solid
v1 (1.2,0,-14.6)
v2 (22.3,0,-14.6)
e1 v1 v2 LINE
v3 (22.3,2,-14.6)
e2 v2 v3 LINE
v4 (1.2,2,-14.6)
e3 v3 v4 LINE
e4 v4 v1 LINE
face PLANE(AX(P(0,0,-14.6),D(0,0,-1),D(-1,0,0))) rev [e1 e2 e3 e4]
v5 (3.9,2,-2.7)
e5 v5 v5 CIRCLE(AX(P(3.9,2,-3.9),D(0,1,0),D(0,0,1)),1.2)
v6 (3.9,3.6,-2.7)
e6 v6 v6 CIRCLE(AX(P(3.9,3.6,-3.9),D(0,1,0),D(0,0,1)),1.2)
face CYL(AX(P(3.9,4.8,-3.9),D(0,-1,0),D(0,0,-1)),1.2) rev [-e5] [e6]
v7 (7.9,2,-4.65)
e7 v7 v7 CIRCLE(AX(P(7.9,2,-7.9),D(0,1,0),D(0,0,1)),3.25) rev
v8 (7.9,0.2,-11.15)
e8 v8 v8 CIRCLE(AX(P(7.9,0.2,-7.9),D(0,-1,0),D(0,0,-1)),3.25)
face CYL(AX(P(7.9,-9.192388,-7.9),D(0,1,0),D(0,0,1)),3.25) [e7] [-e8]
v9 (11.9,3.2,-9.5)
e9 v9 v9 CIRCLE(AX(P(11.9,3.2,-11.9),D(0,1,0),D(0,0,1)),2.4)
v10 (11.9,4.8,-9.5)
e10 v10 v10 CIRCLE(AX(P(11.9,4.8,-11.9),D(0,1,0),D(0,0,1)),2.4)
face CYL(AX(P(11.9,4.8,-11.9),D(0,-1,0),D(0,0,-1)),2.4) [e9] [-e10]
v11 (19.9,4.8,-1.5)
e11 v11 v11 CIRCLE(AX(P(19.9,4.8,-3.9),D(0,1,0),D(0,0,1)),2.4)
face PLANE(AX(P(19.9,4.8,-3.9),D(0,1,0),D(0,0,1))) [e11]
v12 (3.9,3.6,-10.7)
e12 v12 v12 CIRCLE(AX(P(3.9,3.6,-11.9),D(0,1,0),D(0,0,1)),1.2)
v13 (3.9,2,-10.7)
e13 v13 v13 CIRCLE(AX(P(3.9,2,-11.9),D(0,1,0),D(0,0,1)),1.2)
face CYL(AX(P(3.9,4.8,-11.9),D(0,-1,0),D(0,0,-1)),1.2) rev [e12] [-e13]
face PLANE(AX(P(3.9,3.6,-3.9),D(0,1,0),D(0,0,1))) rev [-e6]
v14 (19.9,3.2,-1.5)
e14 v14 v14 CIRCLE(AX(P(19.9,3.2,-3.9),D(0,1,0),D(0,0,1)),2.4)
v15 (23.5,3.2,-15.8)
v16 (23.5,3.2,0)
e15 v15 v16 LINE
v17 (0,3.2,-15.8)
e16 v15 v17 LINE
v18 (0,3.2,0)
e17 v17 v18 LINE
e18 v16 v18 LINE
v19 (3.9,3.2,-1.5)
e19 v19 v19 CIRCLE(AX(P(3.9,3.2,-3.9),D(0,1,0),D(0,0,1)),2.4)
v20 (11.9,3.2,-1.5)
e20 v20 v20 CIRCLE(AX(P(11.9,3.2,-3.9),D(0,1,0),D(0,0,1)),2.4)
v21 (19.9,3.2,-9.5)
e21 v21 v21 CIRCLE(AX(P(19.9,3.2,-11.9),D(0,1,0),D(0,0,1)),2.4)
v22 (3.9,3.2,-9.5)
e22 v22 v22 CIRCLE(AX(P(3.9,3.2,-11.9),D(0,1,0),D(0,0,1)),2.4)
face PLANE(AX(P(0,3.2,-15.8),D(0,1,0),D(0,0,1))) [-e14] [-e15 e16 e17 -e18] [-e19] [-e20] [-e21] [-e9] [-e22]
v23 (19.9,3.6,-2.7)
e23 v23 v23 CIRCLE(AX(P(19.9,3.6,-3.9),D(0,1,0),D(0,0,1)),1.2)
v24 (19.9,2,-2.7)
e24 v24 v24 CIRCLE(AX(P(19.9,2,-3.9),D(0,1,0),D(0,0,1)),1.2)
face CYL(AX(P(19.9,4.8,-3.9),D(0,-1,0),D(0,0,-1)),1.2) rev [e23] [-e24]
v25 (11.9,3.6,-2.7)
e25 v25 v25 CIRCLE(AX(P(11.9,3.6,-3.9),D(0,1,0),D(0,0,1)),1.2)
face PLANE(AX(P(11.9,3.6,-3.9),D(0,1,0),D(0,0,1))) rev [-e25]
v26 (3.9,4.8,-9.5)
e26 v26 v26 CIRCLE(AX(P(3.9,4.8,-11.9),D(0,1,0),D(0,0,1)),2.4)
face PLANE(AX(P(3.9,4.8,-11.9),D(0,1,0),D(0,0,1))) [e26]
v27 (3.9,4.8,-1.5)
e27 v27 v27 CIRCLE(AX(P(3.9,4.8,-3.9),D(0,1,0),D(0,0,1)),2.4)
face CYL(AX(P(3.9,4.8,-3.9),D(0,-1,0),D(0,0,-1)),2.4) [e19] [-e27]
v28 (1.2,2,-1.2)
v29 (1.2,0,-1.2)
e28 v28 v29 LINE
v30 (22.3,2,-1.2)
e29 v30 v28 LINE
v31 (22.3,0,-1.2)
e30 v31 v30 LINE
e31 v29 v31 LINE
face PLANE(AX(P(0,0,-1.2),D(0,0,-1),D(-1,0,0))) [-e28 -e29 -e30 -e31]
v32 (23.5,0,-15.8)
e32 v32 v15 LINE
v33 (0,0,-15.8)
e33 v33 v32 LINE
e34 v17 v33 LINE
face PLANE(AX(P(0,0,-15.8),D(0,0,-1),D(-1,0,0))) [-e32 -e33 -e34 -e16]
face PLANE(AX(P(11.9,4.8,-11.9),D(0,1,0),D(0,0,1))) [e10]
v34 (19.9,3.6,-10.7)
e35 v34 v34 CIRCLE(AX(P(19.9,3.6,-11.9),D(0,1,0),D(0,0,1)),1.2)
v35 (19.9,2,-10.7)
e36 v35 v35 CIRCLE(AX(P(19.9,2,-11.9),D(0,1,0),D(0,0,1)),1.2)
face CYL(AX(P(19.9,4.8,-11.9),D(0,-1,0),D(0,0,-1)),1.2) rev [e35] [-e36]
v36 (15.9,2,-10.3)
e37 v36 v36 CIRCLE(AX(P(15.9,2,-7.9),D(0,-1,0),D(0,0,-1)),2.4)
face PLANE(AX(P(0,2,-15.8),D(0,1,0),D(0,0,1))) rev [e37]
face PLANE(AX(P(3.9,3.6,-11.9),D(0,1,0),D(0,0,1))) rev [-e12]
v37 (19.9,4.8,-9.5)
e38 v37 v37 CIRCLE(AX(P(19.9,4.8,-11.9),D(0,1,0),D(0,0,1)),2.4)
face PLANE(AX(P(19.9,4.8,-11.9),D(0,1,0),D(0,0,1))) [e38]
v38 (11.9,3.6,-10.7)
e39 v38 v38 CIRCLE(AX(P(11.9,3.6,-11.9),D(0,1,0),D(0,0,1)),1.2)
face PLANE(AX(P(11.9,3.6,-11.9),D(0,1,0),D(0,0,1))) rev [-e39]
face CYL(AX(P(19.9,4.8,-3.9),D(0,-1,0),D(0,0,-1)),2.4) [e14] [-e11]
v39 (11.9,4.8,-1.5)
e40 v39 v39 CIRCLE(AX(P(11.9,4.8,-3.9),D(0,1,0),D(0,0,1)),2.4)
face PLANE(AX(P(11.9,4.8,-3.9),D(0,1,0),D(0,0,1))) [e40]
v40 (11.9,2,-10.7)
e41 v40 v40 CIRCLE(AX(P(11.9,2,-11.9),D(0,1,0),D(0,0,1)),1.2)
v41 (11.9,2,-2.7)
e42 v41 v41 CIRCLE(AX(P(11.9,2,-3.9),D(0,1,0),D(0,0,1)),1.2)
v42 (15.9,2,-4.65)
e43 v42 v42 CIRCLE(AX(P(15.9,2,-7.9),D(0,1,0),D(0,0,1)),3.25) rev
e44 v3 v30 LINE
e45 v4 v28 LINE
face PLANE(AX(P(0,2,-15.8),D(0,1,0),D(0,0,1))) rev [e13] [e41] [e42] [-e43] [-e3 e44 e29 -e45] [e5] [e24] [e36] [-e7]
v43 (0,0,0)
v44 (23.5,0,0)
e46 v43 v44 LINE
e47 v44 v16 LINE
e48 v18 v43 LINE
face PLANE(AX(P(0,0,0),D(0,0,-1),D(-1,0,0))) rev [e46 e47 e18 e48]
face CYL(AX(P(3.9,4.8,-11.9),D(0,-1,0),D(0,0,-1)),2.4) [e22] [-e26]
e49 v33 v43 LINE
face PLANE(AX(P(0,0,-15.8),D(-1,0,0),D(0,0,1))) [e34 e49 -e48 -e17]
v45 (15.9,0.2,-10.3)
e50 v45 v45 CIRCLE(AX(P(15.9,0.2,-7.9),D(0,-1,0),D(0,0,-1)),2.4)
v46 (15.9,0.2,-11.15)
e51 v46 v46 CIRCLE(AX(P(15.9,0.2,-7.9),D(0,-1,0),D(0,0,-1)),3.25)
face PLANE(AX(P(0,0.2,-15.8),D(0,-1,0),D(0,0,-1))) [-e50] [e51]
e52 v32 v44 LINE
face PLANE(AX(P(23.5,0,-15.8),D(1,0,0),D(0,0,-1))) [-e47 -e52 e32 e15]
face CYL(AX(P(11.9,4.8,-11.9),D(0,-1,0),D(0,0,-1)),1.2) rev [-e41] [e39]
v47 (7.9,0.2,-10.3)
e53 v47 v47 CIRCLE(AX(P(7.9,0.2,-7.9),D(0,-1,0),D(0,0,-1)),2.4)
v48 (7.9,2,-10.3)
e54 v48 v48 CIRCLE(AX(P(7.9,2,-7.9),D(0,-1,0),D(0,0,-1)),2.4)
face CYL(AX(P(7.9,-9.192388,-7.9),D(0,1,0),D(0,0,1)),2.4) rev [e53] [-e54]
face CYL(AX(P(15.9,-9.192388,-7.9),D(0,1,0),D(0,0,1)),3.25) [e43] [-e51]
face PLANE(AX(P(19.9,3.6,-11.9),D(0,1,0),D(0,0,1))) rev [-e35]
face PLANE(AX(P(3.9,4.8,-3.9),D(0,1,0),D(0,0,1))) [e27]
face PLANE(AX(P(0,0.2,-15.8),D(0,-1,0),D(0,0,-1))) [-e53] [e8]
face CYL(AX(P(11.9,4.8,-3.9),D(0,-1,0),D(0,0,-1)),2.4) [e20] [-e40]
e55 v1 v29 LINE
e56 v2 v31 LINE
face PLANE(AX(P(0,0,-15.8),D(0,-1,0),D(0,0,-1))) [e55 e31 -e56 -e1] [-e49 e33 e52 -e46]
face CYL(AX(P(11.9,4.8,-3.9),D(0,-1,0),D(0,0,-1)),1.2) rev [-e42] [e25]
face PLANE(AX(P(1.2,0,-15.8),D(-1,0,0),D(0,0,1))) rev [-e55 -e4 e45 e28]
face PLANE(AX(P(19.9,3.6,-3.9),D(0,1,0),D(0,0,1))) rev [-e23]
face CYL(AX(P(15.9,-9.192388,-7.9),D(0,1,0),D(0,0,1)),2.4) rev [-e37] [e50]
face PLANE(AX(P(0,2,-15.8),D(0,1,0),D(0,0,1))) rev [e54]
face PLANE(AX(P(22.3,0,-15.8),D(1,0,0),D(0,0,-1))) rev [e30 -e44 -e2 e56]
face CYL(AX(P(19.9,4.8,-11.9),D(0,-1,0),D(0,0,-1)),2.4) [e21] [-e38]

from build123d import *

# Parameters (mm, degrees)
SKETCH1_W            = 23.5
SKETCH1_H            = 3.2
BOSS_EXTRUDE1_DEPTH  = 15.8
SKETCH2_R            = 2.4
BOSS_EXTRUDE2_DEPTH  = 1.6
LPATTERN1_COUNT      = 2
LPATTERN1_PITCH      = 8
LPATTERN1_COUNT_DIR2 = 4
LPATTERN1_PITCH_DIR2 = 8
SHELL1_T             = -1.2
SKETCH4_R            = 3.25
SKETCH4_R_2          = 2.4
BOSS_EXTRUDE3_DEPTH  = 1.8
LPATTERN2_COUNT      = 2
LPATTERN2_PITCH      = 8


with BuildPart() as part:
    # Sketch1 → Boss-Extrude1 (new body)
    with BuildSketch(Plane.XY):
        with Locations((11.75, 1.6)):
            Rectangle(SKETCH1_W, SKETCH1_H)
    extrude(amount=-BOSS_EXTRUDE1_DEPTH)

    # Sketch2 → Boss-Extrude2 (add)
    with BuildSketch(Plane(origin=(0, 3.2, 0), x_dir=(1, 0, 0), z_dir=(0, 1, 0))):
        with Locations(Location((3.9, 3.9, 0), (0, 0, 270))):
            Circle(SKETCH2_R)
    boss_extrude2 = extrude(amount=BOSS_EXTRUDE2_DEPTH)

    # LPattern1: Boss-Extrude2 2 × 4, 2 skipped
    with Locations(*[(j * LPATTERN1_PITCH_DIR2, 0, -i * LPATTERN1_PITCH) for i in range(LPATTERN1_COUNT) for j in range(LPATTERN1_COUNT_DIR2) if (i, j) not in ((0, 0), (0, 3), (1, 3))]):
        add(boss_extrude2)

    # Shell1
    shell1_openings = [part.faces().sort_by_distance(p)[0] for p in [
        (11.75, 0, -7.9),
    ]]
    offset(amount=SHELL1_T, openings=shell1_openings, kind=Kind.INTERSECTION)

    # Sketch4 → Boss-Extrude3 (add)
    with BuildSketch(Plane.XZ.offset(-2)):
        with Locations(Location((7.9, -7.9, 0), (0, 0, 90))):
            Circle(SKETCH4_R)
        with Locations(Location((7.9, -7.9, 0), (0, 0, 270))):
            Circle(SKETCH4_R_2, mode=Mode.SUBTRACT)
    boss_extrude3 = extrude(amount=BOSS_EXTRUDE3_DEPTH)

    # LPattern2: Boss-Extrude3 ×2
    with Locations(*[(i * LPATTERN2_PITCH, 0, 0) for i in range(1, LPATTERN2_COUNT)]):
        add(boss_extrude3)


solid = part.part
